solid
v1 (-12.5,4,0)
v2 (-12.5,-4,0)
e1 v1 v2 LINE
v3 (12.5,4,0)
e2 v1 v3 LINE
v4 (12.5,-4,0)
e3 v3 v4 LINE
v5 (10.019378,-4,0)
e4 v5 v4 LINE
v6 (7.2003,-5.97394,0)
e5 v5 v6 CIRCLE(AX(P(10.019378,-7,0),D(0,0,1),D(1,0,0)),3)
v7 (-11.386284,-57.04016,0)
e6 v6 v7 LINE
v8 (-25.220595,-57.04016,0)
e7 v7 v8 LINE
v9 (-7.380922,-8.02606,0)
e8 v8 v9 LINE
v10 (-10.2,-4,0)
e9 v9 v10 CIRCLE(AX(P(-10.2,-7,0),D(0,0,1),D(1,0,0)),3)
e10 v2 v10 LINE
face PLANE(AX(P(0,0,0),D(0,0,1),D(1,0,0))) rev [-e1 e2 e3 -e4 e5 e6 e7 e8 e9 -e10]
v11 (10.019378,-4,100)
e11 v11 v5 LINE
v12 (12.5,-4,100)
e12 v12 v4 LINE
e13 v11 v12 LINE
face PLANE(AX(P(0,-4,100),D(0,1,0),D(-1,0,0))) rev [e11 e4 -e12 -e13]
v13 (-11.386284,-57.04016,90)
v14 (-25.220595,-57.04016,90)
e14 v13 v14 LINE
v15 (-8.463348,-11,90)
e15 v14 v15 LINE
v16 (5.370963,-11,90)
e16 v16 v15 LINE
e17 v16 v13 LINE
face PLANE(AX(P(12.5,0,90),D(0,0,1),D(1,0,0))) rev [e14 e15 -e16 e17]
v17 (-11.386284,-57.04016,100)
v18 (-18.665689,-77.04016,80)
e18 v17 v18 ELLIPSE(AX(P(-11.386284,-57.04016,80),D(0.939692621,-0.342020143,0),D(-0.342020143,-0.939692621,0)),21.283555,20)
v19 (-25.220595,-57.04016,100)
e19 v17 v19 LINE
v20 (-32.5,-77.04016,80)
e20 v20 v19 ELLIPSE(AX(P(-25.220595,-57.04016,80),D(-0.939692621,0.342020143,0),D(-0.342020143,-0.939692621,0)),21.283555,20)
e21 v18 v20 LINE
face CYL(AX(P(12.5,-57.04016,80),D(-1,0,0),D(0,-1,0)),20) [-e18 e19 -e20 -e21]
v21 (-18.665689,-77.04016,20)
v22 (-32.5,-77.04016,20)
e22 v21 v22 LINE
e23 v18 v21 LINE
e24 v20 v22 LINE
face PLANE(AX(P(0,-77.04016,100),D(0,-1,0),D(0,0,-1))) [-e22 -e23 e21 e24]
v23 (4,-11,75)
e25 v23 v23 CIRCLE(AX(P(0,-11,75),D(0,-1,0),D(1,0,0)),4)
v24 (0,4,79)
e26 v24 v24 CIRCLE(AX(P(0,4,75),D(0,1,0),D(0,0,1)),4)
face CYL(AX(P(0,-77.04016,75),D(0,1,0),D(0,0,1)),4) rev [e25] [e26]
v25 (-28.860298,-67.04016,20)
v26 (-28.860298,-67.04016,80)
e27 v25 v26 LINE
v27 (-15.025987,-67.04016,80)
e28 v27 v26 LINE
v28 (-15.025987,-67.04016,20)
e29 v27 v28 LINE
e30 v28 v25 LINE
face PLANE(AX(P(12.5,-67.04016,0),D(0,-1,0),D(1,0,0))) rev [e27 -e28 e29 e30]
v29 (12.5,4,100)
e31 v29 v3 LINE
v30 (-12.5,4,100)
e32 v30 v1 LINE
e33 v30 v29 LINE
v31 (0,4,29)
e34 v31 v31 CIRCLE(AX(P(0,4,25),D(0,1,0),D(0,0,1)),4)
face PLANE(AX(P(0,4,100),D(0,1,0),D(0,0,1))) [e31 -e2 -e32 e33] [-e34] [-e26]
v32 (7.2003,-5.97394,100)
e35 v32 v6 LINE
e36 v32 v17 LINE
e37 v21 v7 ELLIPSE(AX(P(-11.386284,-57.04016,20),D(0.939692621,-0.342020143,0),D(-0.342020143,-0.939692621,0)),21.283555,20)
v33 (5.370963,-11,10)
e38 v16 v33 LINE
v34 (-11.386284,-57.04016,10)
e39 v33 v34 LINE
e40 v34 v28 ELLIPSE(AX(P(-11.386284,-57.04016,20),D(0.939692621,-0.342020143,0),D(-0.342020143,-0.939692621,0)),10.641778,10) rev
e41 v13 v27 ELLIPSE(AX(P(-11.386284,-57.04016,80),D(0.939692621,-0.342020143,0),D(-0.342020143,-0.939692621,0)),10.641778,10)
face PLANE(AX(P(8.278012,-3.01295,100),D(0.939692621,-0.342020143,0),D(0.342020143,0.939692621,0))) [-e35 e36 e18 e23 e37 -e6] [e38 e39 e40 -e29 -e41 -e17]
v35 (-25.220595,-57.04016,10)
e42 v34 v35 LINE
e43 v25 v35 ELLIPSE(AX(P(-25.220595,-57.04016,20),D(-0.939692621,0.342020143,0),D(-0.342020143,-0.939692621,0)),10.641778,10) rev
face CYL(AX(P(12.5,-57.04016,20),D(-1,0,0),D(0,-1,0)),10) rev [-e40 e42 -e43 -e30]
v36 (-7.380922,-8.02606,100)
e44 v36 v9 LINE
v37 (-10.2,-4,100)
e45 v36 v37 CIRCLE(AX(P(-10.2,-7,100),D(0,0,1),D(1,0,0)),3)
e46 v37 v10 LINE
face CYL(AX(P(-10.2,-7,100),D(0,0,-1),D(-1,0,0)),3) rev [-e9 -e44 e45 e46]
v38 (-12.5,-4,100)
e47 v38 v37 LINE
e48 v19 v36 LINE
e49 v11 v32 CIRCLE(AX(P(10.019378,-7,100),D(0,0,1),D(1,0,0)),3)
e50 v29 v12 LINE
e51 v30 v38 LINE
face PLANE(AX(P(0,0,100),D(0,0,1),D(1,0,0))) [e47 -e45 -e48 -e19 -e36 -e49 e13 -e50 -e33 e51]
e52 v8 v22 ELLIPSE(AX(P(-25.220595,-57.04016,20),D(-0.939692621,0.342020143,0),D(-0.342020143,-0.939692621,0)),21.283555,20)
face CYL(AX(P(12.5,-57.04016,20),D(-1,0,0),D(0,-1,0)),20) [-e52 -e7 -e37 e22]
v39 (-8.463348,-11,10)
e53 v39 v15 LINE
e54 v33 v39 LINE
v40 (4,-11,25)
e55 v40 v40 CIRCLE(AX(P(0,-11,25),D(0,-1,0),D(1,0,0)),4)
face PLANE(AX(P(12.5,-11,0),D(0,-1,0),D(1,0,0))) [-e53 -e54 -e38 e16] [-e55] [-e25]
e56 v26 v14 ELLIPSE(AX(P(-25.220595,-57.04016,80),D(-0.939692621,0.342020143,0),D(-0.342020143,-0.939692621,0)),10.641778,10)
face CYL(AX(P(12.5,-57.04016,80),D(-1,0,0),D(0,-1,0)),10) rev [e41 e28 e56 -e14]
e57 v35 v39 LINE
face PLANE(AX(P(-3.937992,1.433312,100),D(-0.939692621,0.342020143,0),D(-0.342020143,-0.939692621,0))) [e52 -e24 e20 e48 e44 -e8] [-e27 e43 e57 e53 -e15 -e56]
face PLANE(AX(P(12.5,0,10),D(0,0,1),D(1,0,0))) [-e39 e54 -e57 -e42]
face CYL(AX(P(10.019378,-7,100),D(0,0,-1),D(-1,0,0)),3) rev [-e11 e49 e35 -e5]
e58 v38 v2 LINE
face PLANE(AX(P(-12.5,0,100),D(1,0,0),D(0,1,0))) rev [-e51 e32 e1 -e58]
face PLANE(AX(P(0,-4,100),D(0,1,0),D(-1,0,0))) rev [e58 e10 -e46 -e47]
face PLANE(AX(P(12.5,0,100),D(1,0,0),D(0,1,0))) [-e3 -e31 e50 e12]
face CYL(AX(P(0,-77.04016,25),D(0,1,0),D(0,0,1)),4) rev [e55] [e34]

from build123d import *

# Parameters (mm, degrees)
BOSS_EXTRUDE1_DEPTH     = 100
CUT_EXTRUDE1_DEPTH      = 21
CUT_EXTRUDE1_DEPTH_BACK = 26
SKETCH5_R               = 4
CUT_EXTRUDE2_DEPTH      = 1
CUT_EXTRUDE2_DEPTH_BACK = 82.040159654


with BuildPart() as part:
    # Sketch1 → Boss-Extrude1 (new body)
    with BuildSketch(Plane.XY):
        with BuildLine():
            Line((7.200299815, -5.97393957), (-18.665688958, -77.040159654))
            Line((-18.665688958, -77.040159654), (-32.5, -77.040159654))
            Line((-32.5, -77.040159654), (-7.380922138, -8.02606043))
            ThreePointArc((-7.380922138, -8.02606043), (-7.742543867, -5.279270691), (-10.2, -4))
            Line((-10.2, -4), (-12.5, -4))
            Line((-12.5, -4), (-12.5, 4))
            Line((-12.5, 4), (12.5, 4))
            Line((12.5, 4), (12.5, -4))
            Line((12.5, -4), (10.019377677, -4))
            ThreePointArc((10.019377677, -4), (8.298648368, -4.542543867), (7.200299815, -5.97393957))
        make_face()
    extrude(amount=BOSS_EXTRUDE1_DEPTH)

    # Sketch4 → Cut-Extrude1 (cut, two sides)
    with BuildSketch(Plane.ZY.offset(12.5)) as cut_extrude1_sk:
        with BuildLine():
            ThreePointArc((20, -67.040159654), (12.928932188, -64.111227466), (10, -57.040159654))
            Line((10, -57.040159654), (10, -11))
            Line((10, -11), (90, -11))
            Line((90, -11), (90, -57.040159654))
            ThreePointArc((90, -57.040159654), (87.071067812, -64.111227466), (80, -67.040159654))
            Line((80, -67.040159654), (20, -67.040159654))
        make_face()
        with BuildLine():
            ThreePointArc((100, -57.040159654), (94.142135624, -71.182295278), (80, -77.040159654))
            Line((80, -77.040159654), (100, -77.040159654))
            Line((100, -77.040159654), (100, -57.040159654))
        make_face()
        with BuildLine():
            ThreePointArc((20, -77.040159654), (5.857864376, -71.182295278), (0, -57.040159654))
            Line((0, -57.040159654), (0, -77.040159654))
            Line((0, -77.040159654), (20, -77.040159654))
        make_face()
    extrude(amount=CUT_EXTRUDE1_DEPTH, mode=Mode.SUBTRACT)
    extrude(cut_extrude1_sk.sketch, amount=-CUT_EXTRUDE1_DEPTH_BACK, mode=Mode.SUBTRACT)

    # Sketch5 → Cut-Extrude2 (cut, two sides)
    with BuildSketch(Plane(origin=(0, 4, 0), x_dir=(1, 0, 0), z_dir=(0, 1, 0))) as cut_extrude2_sk:
        with Locations((0, -25)):
            Circle(SKETCH5_R)
        with Locations((0, -75)):
            Circle(SKETCH5_R)
    extrude(amount=CUT_EXTRUDE2_DEPTH, mode=Mode.SUBTRACT)
    extrude(cut_extrude2_sk.sketch, amount=-CUT_EXTRUDE2_DEPTH_BACK, mode=Mode.SUBTRACT)


solid = part.part
